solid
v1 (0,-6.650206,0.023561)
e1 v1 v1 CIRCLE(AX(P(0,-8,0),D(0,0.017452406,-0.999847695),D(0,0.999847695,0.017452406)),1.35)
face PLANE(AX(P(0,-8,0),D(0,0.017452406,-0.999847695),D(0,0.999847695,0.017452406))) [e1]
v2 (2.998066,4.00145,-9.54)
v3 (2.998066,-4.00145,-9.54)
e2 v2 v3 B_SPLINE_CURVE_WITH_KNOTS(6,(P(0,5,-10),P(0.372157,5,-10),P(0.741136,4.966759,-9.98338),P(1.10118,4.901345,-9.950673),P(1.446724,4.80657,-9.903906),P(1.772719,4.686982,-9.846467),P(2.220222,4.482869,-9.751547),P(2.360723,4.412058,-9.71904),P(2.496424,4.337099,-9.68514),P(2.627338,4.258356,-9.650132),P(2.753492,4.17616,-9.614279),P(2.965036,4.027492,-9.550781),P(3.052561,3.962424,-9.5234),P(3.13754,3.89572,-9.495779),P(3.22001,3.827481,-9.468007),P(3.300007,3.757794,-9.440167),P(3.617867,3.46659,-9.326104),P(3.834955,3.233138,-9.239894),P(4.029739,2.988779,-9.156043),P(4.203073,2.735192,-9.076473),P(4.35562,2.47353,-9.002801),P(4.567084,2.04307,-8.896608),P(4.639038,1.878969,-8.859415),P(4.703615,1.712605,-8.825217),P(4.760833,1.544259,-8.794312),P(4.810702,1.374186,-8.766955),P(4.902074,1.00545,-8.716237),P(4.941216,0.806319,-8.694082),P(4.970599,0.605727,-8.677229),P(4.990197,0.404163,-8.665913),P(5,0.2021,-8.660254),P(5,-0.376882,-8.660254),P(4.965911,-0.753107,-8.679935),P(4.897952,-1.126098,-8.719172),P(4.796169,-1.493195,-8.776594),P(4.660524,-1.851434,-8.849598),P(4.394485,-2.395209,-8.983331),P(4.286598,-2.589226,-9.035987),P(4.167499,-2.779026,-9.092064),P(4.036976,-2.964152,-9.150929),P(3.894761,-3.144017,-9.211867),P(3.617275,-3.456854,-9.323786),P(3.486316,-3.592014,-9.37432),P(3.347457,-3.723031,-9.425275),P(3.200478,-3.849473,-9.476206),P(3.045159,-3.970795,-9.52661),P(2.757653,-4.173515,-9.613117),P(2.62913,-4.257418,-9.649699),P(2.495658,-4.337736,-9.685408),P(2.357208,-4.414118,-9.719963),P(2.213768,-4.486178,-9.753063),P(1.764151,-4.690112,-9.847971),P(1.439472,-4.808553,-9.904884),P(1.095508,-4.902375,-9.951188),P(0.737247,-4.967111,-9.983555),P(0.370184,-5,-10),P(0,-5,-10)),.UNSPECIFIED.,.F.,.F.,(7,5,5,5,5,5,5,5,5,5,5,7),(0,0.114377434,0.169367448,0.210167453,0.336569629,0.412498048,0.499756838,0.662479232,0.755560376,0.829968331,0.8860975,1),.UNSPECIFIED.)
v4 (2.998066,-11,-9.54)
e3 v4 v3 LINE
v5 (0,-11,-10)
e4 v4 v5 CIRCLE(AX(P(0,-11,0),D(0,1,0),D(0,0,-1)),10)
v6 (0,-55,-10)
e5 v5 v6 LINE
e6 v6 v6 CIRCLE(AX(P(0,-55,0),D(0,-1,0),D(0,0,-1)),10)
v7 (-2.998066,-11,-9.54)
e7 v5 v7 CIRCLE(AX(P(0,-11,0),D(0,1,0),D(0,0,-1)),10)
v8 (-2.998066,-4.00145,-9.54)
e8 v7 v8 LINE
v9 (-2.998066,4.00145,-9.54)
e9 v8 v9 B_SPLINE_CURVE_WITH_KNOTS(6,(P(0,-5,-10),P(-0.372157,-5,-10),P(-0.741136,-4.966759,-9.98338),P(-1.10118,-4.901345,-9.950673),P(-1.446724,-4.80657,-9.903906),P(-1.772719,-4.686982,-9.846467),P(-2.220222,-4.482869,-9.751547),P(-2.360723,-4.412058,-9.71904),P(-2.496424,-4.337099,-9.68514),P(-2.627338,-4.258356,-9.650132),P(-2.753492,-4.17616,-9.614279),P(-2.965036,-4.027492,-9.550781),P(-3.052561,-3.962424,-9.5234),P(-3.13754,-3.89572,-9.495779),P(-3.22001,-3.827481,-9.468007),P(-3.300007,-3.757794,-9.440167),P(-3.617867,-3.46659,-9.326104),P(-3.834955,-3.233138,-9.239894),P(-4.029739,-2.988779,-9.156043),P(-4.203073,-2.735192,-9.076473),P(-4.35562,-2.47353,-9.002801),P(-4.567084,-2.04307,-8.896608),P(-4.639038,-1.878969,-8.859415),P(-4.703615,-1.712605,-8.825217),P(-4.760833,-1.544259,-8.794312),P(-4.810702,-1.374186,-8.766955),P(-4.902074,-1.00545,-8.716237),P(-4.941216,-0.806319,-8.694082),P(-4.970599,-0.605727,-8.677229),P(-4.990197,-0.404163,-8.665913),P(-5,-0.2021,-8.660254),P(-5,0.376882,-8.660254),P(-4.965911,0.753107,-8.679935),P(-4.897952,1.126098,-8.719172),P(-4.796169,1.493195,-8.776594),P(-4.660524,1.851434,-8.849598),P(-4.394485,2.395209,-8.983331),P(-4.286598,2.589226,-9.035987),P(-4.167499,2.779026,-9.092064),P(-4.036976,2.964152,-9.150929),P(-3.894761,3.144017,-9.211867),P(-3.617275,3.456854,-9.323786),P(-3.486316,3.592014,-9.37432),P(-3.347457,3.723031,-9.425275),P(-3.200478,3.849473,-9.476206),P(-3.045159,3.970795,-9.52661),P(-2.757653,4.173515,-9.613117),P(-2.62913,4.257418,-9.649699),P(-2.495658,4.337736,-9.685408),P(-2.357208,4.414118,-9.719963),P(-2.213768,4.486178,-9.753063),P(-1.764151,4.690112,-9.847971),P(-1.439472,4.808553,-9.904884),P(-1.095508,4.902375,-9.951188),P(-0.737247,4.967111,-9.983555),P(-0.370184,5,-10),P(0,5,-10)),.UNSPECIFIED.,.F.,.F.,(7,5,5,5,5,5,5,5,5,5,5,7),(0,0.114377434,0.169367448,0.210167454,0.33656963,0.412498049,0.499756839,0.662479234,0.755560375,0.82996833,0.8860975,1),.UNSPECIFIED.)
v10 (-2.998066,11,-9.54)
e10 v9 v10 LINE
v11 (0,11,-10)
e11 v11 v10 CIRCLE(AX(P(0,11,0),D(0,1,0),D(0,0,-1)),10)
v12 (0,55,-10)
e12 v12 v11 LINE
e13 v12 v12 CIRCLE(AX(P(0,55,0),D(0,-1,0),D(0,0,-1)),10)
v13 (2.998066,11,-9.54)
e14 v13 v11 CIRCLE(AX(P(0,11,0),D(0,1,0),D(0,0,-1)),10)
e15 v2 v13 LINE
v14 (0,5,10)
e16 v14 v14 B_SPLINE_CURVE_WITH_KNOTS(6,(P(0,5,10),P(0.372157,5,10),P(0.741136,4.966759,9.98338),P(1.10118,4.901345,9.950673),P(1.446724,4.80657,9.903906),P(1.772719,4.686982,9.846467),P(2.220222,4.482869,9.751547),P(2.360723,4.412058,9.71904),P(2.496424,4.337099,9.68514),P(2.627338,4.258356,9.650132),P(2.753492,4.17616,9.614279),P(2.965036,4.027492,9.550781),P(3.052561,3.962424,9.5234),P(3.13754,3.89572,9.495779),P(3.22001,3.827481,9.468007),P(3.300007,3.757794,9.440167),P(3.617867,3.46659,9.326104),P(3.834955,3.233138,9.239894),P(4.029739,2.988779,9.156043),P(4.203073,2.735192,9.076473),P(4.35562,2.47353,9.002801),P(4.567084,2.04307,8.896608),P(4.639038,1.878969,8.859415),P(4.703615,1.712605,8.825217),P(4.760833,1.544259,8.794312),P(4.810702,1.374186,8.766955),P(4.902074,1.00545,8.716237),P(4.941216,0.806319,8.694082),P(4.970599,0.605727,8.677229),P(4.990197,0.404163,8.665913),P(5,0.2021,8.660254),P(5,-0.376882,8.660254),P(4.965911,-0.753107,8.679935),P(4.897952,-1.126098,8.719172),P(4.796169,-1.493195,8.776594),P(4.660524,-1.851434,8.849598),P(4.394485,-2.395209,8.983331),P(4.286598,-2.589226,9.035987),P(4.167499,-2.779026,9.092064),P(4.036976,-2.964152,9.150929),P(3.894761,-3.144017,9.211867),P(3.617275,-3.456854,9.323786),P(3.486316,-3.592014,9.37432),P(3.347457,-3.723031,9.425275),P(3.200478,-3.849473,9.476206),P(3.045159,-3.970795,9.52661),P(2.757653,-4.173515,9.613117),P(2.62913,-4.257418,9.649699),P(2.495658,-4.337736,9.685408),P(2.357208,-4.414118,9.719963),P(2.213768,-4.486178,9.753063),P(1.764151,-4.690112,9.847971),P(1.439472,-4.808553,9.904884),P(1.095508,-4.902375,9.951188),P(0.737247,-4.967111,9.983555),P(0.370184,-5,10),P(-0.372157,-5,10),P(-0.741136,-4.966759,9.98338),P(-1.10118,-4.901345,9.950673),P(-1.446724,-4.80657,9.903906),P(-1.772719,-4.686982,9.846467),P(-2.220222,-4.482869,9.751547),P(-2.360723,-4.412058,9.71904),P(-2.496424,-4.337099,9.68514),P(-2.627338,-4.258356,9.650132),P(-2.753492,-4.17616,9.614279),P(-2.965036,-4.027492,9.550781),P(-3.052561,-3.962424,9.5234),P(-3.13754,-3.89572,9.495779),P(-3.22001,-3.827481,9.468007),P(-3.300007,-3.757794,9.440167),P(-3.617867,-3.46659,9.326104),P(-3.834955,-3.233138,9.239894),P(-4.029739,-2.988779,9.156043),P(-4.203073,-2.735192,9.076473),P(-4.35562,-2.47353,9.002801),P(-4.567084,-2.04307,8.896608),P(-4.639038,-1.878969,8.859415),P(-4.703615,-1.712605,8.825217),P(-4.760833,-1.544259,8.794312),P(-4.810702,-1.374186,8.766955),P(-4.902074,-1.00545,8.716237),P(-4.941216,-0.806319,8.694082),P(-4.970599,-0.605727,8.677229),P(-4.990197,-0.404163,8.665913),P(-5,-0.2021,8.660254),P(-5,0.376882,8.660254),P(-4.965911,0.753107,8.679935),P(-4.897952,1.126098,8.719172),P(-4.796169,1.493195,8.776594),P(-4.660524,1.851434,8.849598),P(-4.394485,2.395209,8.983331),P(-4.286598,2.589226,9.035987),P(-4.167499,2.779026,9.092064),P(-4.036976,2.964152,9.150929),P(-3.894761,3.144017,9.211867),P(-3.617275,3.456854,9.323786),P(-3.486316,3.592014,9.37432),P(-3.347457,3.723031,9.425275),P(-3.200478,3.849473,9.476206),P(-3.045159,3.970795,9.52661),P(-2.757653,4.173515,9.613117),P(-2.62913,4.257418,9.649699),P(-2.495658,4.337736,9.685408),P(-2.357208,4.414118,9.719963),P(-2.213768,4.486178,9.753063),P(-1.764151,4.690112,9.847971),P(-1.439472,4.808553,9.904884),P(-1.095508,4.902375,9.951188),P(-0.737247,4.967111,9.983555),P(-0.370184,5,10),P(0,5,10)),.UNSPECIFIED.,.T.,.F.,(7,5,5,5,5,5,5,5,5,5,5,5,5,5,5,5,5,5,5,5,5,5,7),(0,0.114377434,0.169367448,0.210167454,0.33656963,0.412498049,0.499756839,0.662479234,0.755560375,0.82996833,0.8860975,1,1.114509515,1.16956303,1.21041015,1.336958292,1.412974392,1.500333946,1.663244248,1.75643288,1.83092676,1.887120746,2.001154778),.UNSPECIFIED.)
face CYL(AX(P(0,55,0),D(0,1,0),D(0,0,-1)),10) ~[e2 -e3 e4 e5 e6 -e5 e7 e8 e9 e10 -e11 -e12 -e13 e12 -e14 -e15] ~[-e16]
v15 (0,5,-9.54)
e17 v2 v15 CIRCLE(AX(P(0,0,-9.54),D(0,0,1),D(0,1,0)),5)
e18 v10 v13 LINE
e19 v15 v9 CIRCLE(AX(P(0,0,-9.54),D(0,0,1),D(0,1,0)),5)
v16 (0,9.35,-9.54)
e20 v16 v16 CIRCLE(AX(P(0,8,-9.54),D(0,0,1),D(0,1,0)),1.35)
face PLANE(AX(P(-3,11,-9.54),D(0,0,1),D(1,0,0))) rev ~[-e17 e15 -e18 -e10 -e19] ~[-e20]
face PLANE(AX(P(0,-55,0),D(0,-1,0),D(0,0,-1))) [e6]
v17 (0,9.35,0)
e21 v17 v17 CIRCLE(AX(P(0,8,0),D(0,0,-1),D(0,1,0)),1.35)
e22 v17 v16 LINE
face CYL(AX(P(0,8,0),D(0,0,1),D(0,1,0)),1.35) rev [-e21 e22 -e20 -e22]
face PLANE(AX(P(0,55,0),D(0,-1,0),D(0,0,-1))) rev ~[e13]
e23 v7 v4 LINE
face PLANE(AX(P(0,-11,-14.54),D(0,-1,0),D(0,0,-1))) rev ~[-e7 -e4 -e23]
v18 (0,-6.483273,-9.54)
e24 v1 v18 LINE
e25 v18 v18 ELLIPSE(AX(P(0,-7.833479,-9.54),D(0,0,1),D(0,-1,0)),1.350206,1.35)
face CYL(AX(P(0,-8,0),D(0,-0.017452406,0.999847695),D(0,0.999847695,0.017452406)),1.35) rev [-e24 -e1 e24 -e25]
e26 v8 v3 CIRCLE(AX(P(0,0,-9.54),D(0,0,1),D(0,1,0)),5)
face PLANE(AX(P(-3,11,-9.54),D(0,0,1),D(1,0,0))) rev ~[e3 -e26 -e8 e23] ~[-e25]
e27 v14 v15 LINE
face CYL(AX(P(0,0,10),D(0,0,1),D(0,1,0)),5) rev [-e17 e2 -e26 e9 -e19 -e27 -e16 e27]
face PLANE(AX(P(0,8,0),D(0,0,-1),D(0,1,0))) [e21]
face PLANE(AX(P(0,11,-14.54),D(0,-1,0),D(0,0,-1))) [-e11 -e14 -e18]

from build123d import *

# Parameters (mm, degrees)
CYLINDER008_R               = 1.35
CYLINDER008_DEPTH           = 10
CYLINDER008_PLACEMENT_ANGLE = 91
CYLINDER007_R               = 1.35
CYLINDER007_DEPTH           = 10
CYLINDER007_PITCH_ANGLE     = 90
CYLINDER006_R               = 5
CYLINDER006_DEPTH           = 20
CYLINDER006_PITCH_ANGLE     = 90
BOX001_W                    = 10
BOX001_H                    = 6
BOX001_DEPTH                = 22
CYLINDER005_R               = 10
CYLINDER005_DEPTH           = 110
CUT007_PITCH_ANGLE          = 90
CUT007_PLACEMENT_ANGLE      = -90


with BuildPart() as cylinder008:
    # Cylinder008 → Cylinder008 (new body)
    with BuildSketch(Plane.XY):
        Circle(CYLINDER008_R)
    extrude(amount=CYLINDER008_DEPTH)


with BuildPart() as cylinder008_1:
    # Cylinder008 placement: moved
    add(cylinder008.part.moved(Location((0, 0, 85))).rotate(Axis((0, 0, 85), (0, 1, 0)), CYLINDER008_PLACEMENT_ANGLE))


with BuildPart() as cylinder007:
    # Cylinder007 → Cylinder007 (new body)
    with BuildSketch(Plane.XY):
        Circle(CYLINDER007_R)
    extrude(amount=CYLINDER007_DEPTH)


with BuildPart() as cylinder007_1:
    # Cylinder007 pitch: moved
    add(cylinder007.part.rotate(Axis((0, 0, 0), (0, 1, 0)), CYLINDER007_PITCH_ANGLE))


with BuildPart() as cylinder007_2:
    # Cylinder007 placement: moved
    add(cylinder007_1.part.moved(Location((0, 0, 69))))


with BuildPart() as cylinder006:
    # Cylinder006 → Cylinder006 (new body)
    with BuildSketch(Plane.XY):
        Circle(CYLINDER006_R)
    extrude(amount=CYLINDER006_DEPTH)


with BuildPart() as cylinder006_1:
    # Cylinder006 pitch: moved
    add(cylinder006.part.rotate(Axis((0, 0, 0), (0, 1, 0)), CYLINDER006_PITCH_ANGLE))


with BuildPart() as cylinder006_2:
    # Cylinder006 placement: moved
    add(cylinder006_1.part.moved(Location((-10, 0, 77))))


with BuildPart() as cube001:
    # Box001 → Box001 (new body)
    with BuildSketch(Plane(origin=(9.54, -3, 66), x_dir=(1, 0, 0), z_dir=(0, 0, 1))):
        with Locations((5, 3)):
            Rectangle(BOX001_W, BOX001_H)
    extrude(amount=BOX001_DEPTH)


with BuildPart() as lever002:
    # Cylinder005 → Cylinder005 (new body)
    with BuildSketch(Plane.XY.offset(22)):
        Circle(CYLINDER005_R)
    extrude(amount=CYLINDER005_DEPTH)

    # Cut006: cut Cube001
    add(cube001.part, mode=Mode.SUBTRACT)

    # Cut004: cut Cylinder006
    add(cylinder006_2.part, mode=Mode.SUBTRACT)

    # Cut005: cut Cylinder007
    add(cylinder007_2.part, mode=Mode.SUBTRACT)

    # Cut007: cut Cylinder008
    add(cylinder008_1.part, mode=Mode.SUBTRACT)


with BuildPart() as lever002_1:
    # Cut007 pitch: moved
    add(lever002.part.rotate(Axis((0, 0, 0), (0, 1, 0)), CUT007_PITCH_ANGLE))


with BuildPart() as lever002_2:
    # Cut007 placement: moved
    add(lever002_1.part.moved(Location((0, 77, 0))).rotate(Axis((0, 77, 0), (0, 0, 1)), CUT007_PLACEMENT_ANGLE))


solid = lever002_2.part
